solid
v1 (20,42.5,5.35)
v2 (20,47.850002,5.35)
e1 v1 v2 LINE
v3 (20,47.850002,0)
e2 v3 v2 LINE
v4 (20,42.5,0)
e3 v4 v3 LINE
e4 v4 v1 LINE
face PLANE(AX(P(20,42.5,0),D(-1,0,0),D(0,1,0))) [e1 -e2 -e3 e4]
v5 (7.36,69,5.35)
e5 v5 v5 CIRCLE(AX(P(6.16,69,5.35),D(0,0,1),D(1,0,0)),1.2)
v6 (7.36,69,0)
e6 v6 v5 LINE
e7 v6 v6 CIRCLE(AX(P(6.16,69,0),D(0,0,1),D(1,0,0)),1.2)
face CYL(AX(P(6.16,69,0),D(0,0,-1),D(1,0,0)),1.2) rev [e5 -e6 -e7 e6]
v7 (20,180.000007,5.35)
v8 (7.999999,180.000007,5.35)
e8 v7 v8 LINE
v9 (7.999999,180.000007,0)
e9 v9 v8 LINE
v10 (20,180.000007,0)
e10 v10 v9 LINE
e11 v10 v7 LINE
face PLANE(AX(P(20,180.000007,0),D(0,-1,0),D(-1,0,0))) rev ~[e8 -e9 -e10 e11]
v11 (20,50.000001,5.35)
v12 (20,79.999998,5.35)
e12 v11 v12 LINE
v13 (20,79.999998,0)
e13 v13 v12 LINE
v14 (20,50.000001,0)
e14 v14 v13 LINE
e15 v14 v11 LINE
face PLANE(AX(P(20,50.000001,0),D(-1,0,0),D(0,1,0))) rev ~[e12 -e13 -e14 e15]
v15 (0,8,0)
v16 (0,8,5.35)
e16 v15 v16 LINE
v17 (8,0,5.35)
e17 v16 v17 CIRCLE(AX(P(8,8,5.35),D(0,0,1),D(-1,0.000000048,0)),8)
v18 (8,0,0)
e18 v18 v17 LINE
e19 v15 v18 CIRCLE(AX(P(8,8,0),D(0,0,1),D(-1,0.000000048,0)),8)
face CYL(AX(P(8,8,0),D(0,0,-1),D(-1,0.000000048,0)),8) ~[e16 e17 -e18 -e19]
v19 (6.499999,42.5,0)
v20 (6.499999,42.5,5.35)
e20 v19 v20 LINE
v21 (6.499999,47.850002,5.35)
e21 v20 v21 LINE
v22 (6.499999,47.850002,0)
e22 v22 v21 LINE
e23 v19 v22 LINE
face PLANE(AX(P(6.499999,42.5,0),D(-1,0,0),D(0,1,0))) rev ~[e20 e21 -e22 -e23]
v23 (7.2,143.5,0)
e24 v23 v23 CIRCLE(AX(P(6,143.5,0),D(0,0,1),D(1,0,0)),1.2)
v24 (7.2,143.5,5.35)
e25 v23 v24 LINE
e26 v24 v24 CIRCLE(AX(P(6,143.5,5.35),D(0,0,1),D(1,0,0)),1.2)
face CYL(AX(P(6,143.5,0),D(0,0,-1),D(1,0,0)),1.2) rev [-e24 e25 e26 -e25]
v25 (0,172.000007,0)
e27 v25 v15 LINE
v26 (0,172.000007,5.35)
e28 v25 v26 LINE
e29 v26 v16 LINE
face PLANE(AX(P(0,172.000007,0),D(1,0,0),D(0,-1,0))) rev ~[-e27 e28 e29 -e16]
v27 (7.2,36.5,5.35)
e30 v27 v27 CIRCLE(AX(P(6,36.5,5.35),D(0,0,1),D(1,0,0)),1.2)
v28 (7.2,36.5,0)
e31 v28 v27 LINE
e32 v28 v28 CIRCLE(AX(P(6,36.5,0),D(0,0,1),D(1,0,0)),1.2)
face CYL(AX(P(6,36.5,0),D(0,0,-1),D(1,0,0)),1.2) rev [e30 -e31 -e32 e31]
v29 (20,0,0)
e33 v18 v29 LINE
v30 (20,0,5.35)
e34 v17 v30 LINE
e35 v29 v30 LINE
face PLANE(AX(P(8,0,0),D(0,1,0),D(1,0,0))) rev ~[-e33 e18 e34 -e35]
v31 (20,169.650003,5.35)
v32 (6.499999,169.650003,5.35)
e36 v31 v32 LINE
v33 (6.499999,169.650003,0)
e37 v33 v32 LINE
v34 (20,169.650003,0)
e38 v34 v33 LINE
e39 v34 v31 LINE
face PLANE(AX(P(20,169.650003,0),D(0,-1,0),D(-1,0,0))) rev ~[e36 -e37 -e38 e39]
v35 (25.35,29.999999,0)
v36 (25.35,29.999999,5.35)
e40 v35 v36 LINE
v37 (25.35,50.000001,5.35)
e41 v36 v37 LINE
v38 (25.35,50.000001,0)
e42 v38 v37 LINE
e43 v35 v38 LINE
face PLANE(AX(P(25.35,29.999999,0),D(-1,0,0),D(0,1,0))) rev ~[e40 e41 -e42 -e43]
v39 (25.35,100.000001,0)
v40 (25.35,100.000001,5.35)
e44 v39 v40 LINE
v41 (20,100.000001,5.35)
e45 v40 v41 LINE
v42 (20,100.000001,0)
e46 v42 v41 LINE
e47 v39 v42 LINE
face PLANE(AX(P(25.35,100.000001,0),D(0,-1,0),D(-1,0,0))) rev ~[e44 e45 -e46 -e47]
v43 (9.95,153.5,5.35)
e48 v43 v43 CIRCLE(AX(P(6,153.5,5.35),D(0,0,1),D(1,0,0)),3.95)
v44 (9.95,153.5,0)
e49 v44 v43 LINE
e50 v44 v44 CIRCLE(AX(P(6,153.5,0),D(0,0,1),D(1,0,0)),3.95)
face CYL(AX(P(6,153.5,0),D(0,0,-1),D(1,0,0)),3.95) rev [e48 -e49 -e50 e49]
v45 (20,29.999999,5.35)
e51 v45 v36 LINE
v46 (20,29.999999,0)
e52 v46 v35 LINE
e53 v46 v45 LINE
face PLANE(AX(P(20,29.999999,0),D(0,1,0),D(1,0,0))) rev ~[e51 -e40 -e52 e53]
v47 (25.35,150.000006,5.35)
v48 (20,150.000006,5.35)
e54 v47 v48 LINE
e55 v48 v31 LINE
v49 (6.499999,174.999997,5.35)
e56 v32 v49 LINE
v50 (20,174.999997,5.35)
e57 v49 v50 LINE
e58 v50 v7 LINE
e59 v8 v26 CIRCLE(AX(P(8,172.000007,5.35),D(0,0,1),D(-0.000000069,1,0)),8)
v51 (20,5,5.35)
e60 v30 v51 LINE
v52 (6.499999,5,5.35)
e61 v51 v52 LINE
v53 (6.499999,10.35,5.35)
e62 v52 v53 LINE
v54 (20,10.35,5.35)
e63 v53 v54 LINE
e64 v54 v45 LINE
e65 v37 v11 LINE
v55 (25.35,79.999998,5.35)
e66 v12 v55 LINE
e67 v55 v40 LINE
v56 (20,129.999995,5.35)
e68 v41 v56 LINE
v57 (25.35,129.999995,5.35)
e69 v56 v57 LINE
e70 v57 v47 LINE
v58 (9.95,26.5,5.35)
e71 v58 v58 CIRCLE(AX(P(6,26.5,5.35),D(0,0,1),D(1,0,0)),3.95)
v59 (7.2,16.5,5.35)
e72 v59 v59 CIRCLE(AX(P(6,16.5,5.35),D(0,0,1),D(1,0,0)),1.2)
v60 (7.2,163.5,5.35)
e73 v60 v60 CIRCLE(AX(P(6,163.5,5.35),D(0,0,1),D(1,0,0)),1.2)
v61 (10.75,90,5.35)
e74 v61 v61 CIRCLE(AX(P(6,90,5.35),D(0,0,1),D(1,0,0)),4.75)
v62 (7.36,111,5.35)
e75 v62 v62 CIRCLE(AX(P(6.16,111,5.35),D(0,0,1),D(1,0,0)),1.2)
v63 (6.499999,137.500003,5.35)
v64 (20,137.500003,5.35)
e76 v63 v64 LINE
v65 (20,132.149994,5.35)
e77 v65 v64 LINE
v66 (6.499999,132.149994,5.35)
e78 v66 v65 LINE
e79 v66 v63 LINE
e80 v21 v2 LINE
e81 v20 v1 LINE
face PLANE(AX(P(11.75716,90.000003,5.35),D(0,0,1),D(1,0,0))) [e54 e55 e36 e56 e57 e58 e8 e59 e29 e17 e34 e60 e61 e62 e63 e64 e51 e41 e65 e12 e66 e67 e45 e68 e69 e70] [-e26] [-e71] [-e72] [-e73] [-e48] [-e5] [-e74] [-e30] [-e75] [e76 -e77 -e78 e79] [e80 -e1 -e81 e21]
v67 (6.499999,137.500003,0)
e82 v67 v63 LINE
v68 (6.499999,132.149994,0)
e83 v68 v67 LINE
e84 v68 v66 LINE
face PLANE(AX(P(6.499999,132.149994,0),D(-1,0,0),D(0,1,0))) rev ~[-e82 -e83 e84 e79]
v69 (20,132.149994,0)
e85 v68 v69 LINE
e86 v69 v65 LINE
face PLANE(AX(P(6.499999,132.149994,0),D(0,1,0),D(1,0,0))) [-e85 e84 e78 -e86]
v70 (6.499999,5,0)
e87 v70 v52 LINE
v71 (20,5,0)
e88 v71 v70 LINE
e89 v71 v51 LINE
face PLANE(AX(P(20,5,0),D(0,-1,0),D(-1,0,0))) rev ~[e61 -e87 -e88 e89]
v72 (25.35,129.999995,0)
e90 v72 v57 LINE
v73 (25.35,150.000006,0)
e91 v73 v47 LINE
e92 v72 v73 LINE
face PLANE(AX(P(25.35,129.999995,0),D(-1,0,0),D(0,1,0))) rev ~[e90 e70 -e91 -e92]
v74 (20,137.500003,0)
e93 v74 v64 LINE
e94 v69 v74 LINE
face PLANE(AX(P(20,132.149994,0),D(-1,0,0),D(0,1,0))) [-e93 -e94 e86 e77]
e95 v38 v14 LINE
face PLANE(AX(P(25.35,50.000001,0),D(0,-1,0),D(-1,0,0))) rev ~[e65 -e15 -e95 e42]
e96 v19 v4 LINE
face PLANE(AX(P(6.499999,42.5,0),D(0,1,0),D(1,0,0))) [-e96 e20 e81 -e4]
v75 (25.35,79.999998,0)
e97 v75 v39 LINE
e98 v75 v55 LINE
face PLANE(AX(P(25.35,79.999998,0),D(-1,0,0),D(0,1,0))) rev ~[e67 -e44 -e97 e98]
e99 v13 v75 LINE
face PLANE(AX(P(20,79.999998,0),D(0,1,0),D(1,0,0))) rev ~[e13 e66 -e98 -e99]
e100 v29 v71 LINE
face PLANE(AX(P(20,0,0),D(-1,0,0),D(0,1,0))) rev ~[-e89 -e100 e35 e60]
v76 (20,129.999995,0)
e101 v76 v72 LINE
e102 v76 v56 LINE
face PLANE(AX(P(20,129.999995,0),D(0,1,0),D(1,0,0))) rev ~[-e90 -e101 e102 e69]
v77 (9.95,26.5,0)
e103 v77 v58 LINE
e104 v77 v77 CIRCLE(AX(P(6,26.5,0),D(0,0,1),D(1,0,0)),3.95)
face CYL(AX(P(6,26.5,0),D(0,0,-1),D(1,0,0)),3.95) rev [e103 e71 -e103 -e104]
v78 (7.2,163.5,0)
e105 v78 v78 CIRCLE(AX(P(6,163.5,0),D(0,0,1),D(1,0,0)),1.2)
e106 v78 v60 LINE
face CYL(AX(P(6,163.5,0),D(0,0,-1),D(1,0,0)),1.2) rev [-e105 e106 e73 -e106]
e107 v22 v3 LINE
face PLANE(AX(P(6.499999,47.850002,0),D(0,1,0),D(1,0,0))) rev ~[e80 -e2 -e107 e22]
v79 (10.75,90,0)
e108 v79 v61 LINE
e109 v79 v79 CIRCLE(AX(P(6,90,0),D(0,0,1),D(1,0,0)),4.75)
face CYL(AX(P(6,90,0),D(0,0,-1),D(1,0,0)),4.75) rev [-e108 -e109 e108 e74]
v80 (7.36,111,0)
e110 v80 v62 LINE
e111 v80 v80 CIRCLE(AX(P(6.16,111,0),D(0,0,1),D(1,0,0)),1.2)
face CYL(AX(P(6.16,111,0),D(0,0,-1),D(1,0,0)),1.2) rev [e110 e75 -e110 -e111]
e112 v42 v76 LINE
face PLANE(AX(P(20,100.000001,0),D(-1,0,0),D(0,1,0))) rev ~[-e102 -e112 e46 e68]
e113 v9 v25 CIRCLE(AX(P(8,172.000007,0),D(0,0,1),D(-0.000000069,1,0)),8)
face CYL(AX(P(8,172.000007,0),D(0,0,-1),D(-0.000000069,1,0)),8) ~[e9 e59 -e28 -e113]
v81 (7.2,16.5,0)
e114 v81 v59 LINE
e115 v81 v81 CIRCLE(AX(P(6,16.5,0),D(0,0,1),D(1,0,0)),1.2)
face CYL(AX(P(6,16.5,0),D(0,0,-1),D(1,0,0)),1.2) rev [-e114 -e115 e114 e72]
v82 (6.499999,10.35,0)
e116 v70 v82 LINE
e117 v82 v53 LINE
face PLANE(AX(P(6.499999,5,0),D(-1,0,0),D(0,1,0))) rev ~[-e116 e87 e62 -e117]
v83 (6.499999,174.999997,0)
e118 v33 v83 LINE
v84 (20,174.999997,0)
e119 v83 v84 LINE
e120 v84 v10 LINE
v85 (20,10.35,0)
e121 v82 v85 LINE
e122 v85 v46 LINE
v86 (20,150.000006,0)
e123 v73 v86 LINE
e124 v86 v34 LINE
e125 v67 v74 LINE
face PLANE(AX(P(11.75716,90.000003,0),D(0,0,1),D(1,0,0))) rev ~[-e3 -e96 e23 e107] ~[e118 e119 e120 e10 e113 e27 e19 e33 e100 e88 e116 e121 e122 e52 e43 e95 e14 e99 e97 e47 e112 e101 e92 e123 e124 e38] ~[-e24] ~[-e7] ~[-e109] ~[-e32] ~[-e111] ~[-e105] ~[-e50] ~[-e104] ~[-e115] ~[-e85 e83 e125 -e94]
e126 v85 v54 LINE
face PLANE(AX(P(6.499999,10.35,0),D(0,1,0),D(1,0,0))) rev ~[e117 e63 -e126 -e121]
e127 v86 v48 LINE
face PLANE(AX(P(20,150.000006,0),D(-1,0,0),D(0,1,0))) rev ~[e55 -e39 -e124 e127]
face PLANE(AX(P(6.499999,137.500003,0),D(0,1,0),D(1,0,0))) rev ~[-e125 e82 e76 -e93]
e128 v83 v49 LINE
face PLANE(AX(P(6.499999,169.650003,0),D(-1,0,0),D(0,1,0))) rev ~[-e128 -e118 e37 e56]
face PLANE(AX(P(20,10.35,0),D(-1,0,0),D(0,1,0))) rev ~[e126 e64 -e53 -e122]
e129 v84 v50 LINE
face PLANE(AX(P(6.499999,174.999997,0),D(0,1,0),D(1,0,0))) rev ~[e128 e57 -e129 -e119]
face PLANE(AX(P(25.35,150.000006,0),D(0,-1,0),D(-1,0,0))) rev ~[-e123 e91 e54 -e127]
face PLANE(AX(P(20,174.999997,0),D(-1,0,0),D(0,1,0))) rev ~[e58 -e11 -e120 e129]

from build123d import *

# Parameters (mm, degrees)
MODEL_R             = 4.75
MODEL_R_2           = 3.95
MODEL_R_3           = 1.2
MODEL_W             = 13.50000035
MODEL_H             = 5.350001156
MODEL_H_2           = 5.350008607
BOSS_EXTRUDE1_DEPTH = 5.35


with BuildPart() as part:
    # Model → Boss-Extrude1 (new body)
    with BuildSketch(Plane.XY):
        with BuildLine():
            Line((19.999999553, 174.99999702), (19.999999553, 180.000007153))
            Line((19.999999553, 180.000007153), (7.999999449, 180.000007153))
            ThreePointArc((7.999999449, 180.000007153), (2.343145556, 177.656861207), (0, 172.000007153))
            Line((0, 172.000007153), (0, 8.00000038))
            ThreePointArc((0, 8.00000038), (2.343145616, 2.343145885), (8, 0))
            Line((8, 0), (19.999999553, 0))
            Line((19.999999553, 0), (19.999999553, 4.999999888))
            Line((19.999999553, 4.999999888), (6.499999203, 4.999999888))
            Line((6.499999203, 4.999999888), (6.499999203, 10.350000113))
            Line((6.499999203, 10.350000113), (19.999999553, 10.350000113))
            Line((19.999999553, 10.350000113), (19.999999553, 29.99999933))
            Line((19.999999553, 29.99999933), (25.349999778, 29.99999933))
            Line((25.349999778, 29.99999933), (25.349999778, 50.000000745))
            Line((25.349999778, 50.000000745), (19.999999553, 50.000000745))
            Line((19.999999553, 50.000000745), (19.999999553, 79.999998212))
            Line((19.999999553, 79.999998212), (25.349999778, 79.999998212))
            Line((25.349999778, 79.999998212), (25.349999778, 100.00000149))
            Line((25.349999778, 100.00000149), (19.999999553, 100.00000149))
            Line((19.999999553, 100.00000149), (19.999999553, 129.999995232))
            Line((19.999999553, 129.999995232), (25.349999778, 129.999995232))
            Line((25.349999778, 129.999995232), (25.349999778, 150.000005961))
            Line((25.349999778, 150.000005961), (19.999999553, 150.000005961))
            Line((19.999999553, 150.000005961), (19.999999553, 169.650003314))
            Line((19.999999553, 169.650003314), (6.499999203, 169.650003314))
            Line((6.499999203, 169.650003314), (6.499999203, 174.99999702))
            Line((6.499999203, 174.99999702), (19.999999553, 174.99999702))
        make_face()
        with Locations((5.999999553, 90)):
            Circle(MODEL_R, mode=Mode.SUBTRACT)
        with Locations((5.999999553, 26.5)):
            Circle(MODEL_R_2, mode=Mode.SUBTRACT)
        with Locations((5.999999553, 153.5)):
            Circle(MODEL_R_2, mode=Mode.SUBTRACT)
        with Locations((6.159999553, 111)):
            Circle(MODEL_R_3, mode=Mode.SUBTRACT)
        with Locations((6.159999553, 69)):
            Circle(MODEL_R_3, mode=Mode.SUBTRACT)
        with Locations((5.999999553, 36.5)):
            Circle(MODEL_R_3, mode=Mode.SUBTRACT)
        with Locations((5.999999553, 16.5)):
            Circle(MODEL_R_3, mode=Mode.SUBTRACT)
        with Locations((5.999999553, 143.5)):
            Circle(MODEL_R_3, mode=Mode.SUBTRACT)
        with Locations((5.999999553, 163.5)):
            Circle(MODEL_R_3, mode=Mode.SUBTRACT)
        with Locations((13.249999378, 45.175001025)):
            Rectangle(MODEL_W, MODEL_H, mode=Mode.SUBTRACT)
        with Locations((13.249999378, 134.824998677)):
            Rectangle(MODEL_W, MODEL_H_2, mode=Mode.SUBTRACT)
    extrude(amount=BOSS_EXTRUDE1_DEPTH)


solid = part.part
